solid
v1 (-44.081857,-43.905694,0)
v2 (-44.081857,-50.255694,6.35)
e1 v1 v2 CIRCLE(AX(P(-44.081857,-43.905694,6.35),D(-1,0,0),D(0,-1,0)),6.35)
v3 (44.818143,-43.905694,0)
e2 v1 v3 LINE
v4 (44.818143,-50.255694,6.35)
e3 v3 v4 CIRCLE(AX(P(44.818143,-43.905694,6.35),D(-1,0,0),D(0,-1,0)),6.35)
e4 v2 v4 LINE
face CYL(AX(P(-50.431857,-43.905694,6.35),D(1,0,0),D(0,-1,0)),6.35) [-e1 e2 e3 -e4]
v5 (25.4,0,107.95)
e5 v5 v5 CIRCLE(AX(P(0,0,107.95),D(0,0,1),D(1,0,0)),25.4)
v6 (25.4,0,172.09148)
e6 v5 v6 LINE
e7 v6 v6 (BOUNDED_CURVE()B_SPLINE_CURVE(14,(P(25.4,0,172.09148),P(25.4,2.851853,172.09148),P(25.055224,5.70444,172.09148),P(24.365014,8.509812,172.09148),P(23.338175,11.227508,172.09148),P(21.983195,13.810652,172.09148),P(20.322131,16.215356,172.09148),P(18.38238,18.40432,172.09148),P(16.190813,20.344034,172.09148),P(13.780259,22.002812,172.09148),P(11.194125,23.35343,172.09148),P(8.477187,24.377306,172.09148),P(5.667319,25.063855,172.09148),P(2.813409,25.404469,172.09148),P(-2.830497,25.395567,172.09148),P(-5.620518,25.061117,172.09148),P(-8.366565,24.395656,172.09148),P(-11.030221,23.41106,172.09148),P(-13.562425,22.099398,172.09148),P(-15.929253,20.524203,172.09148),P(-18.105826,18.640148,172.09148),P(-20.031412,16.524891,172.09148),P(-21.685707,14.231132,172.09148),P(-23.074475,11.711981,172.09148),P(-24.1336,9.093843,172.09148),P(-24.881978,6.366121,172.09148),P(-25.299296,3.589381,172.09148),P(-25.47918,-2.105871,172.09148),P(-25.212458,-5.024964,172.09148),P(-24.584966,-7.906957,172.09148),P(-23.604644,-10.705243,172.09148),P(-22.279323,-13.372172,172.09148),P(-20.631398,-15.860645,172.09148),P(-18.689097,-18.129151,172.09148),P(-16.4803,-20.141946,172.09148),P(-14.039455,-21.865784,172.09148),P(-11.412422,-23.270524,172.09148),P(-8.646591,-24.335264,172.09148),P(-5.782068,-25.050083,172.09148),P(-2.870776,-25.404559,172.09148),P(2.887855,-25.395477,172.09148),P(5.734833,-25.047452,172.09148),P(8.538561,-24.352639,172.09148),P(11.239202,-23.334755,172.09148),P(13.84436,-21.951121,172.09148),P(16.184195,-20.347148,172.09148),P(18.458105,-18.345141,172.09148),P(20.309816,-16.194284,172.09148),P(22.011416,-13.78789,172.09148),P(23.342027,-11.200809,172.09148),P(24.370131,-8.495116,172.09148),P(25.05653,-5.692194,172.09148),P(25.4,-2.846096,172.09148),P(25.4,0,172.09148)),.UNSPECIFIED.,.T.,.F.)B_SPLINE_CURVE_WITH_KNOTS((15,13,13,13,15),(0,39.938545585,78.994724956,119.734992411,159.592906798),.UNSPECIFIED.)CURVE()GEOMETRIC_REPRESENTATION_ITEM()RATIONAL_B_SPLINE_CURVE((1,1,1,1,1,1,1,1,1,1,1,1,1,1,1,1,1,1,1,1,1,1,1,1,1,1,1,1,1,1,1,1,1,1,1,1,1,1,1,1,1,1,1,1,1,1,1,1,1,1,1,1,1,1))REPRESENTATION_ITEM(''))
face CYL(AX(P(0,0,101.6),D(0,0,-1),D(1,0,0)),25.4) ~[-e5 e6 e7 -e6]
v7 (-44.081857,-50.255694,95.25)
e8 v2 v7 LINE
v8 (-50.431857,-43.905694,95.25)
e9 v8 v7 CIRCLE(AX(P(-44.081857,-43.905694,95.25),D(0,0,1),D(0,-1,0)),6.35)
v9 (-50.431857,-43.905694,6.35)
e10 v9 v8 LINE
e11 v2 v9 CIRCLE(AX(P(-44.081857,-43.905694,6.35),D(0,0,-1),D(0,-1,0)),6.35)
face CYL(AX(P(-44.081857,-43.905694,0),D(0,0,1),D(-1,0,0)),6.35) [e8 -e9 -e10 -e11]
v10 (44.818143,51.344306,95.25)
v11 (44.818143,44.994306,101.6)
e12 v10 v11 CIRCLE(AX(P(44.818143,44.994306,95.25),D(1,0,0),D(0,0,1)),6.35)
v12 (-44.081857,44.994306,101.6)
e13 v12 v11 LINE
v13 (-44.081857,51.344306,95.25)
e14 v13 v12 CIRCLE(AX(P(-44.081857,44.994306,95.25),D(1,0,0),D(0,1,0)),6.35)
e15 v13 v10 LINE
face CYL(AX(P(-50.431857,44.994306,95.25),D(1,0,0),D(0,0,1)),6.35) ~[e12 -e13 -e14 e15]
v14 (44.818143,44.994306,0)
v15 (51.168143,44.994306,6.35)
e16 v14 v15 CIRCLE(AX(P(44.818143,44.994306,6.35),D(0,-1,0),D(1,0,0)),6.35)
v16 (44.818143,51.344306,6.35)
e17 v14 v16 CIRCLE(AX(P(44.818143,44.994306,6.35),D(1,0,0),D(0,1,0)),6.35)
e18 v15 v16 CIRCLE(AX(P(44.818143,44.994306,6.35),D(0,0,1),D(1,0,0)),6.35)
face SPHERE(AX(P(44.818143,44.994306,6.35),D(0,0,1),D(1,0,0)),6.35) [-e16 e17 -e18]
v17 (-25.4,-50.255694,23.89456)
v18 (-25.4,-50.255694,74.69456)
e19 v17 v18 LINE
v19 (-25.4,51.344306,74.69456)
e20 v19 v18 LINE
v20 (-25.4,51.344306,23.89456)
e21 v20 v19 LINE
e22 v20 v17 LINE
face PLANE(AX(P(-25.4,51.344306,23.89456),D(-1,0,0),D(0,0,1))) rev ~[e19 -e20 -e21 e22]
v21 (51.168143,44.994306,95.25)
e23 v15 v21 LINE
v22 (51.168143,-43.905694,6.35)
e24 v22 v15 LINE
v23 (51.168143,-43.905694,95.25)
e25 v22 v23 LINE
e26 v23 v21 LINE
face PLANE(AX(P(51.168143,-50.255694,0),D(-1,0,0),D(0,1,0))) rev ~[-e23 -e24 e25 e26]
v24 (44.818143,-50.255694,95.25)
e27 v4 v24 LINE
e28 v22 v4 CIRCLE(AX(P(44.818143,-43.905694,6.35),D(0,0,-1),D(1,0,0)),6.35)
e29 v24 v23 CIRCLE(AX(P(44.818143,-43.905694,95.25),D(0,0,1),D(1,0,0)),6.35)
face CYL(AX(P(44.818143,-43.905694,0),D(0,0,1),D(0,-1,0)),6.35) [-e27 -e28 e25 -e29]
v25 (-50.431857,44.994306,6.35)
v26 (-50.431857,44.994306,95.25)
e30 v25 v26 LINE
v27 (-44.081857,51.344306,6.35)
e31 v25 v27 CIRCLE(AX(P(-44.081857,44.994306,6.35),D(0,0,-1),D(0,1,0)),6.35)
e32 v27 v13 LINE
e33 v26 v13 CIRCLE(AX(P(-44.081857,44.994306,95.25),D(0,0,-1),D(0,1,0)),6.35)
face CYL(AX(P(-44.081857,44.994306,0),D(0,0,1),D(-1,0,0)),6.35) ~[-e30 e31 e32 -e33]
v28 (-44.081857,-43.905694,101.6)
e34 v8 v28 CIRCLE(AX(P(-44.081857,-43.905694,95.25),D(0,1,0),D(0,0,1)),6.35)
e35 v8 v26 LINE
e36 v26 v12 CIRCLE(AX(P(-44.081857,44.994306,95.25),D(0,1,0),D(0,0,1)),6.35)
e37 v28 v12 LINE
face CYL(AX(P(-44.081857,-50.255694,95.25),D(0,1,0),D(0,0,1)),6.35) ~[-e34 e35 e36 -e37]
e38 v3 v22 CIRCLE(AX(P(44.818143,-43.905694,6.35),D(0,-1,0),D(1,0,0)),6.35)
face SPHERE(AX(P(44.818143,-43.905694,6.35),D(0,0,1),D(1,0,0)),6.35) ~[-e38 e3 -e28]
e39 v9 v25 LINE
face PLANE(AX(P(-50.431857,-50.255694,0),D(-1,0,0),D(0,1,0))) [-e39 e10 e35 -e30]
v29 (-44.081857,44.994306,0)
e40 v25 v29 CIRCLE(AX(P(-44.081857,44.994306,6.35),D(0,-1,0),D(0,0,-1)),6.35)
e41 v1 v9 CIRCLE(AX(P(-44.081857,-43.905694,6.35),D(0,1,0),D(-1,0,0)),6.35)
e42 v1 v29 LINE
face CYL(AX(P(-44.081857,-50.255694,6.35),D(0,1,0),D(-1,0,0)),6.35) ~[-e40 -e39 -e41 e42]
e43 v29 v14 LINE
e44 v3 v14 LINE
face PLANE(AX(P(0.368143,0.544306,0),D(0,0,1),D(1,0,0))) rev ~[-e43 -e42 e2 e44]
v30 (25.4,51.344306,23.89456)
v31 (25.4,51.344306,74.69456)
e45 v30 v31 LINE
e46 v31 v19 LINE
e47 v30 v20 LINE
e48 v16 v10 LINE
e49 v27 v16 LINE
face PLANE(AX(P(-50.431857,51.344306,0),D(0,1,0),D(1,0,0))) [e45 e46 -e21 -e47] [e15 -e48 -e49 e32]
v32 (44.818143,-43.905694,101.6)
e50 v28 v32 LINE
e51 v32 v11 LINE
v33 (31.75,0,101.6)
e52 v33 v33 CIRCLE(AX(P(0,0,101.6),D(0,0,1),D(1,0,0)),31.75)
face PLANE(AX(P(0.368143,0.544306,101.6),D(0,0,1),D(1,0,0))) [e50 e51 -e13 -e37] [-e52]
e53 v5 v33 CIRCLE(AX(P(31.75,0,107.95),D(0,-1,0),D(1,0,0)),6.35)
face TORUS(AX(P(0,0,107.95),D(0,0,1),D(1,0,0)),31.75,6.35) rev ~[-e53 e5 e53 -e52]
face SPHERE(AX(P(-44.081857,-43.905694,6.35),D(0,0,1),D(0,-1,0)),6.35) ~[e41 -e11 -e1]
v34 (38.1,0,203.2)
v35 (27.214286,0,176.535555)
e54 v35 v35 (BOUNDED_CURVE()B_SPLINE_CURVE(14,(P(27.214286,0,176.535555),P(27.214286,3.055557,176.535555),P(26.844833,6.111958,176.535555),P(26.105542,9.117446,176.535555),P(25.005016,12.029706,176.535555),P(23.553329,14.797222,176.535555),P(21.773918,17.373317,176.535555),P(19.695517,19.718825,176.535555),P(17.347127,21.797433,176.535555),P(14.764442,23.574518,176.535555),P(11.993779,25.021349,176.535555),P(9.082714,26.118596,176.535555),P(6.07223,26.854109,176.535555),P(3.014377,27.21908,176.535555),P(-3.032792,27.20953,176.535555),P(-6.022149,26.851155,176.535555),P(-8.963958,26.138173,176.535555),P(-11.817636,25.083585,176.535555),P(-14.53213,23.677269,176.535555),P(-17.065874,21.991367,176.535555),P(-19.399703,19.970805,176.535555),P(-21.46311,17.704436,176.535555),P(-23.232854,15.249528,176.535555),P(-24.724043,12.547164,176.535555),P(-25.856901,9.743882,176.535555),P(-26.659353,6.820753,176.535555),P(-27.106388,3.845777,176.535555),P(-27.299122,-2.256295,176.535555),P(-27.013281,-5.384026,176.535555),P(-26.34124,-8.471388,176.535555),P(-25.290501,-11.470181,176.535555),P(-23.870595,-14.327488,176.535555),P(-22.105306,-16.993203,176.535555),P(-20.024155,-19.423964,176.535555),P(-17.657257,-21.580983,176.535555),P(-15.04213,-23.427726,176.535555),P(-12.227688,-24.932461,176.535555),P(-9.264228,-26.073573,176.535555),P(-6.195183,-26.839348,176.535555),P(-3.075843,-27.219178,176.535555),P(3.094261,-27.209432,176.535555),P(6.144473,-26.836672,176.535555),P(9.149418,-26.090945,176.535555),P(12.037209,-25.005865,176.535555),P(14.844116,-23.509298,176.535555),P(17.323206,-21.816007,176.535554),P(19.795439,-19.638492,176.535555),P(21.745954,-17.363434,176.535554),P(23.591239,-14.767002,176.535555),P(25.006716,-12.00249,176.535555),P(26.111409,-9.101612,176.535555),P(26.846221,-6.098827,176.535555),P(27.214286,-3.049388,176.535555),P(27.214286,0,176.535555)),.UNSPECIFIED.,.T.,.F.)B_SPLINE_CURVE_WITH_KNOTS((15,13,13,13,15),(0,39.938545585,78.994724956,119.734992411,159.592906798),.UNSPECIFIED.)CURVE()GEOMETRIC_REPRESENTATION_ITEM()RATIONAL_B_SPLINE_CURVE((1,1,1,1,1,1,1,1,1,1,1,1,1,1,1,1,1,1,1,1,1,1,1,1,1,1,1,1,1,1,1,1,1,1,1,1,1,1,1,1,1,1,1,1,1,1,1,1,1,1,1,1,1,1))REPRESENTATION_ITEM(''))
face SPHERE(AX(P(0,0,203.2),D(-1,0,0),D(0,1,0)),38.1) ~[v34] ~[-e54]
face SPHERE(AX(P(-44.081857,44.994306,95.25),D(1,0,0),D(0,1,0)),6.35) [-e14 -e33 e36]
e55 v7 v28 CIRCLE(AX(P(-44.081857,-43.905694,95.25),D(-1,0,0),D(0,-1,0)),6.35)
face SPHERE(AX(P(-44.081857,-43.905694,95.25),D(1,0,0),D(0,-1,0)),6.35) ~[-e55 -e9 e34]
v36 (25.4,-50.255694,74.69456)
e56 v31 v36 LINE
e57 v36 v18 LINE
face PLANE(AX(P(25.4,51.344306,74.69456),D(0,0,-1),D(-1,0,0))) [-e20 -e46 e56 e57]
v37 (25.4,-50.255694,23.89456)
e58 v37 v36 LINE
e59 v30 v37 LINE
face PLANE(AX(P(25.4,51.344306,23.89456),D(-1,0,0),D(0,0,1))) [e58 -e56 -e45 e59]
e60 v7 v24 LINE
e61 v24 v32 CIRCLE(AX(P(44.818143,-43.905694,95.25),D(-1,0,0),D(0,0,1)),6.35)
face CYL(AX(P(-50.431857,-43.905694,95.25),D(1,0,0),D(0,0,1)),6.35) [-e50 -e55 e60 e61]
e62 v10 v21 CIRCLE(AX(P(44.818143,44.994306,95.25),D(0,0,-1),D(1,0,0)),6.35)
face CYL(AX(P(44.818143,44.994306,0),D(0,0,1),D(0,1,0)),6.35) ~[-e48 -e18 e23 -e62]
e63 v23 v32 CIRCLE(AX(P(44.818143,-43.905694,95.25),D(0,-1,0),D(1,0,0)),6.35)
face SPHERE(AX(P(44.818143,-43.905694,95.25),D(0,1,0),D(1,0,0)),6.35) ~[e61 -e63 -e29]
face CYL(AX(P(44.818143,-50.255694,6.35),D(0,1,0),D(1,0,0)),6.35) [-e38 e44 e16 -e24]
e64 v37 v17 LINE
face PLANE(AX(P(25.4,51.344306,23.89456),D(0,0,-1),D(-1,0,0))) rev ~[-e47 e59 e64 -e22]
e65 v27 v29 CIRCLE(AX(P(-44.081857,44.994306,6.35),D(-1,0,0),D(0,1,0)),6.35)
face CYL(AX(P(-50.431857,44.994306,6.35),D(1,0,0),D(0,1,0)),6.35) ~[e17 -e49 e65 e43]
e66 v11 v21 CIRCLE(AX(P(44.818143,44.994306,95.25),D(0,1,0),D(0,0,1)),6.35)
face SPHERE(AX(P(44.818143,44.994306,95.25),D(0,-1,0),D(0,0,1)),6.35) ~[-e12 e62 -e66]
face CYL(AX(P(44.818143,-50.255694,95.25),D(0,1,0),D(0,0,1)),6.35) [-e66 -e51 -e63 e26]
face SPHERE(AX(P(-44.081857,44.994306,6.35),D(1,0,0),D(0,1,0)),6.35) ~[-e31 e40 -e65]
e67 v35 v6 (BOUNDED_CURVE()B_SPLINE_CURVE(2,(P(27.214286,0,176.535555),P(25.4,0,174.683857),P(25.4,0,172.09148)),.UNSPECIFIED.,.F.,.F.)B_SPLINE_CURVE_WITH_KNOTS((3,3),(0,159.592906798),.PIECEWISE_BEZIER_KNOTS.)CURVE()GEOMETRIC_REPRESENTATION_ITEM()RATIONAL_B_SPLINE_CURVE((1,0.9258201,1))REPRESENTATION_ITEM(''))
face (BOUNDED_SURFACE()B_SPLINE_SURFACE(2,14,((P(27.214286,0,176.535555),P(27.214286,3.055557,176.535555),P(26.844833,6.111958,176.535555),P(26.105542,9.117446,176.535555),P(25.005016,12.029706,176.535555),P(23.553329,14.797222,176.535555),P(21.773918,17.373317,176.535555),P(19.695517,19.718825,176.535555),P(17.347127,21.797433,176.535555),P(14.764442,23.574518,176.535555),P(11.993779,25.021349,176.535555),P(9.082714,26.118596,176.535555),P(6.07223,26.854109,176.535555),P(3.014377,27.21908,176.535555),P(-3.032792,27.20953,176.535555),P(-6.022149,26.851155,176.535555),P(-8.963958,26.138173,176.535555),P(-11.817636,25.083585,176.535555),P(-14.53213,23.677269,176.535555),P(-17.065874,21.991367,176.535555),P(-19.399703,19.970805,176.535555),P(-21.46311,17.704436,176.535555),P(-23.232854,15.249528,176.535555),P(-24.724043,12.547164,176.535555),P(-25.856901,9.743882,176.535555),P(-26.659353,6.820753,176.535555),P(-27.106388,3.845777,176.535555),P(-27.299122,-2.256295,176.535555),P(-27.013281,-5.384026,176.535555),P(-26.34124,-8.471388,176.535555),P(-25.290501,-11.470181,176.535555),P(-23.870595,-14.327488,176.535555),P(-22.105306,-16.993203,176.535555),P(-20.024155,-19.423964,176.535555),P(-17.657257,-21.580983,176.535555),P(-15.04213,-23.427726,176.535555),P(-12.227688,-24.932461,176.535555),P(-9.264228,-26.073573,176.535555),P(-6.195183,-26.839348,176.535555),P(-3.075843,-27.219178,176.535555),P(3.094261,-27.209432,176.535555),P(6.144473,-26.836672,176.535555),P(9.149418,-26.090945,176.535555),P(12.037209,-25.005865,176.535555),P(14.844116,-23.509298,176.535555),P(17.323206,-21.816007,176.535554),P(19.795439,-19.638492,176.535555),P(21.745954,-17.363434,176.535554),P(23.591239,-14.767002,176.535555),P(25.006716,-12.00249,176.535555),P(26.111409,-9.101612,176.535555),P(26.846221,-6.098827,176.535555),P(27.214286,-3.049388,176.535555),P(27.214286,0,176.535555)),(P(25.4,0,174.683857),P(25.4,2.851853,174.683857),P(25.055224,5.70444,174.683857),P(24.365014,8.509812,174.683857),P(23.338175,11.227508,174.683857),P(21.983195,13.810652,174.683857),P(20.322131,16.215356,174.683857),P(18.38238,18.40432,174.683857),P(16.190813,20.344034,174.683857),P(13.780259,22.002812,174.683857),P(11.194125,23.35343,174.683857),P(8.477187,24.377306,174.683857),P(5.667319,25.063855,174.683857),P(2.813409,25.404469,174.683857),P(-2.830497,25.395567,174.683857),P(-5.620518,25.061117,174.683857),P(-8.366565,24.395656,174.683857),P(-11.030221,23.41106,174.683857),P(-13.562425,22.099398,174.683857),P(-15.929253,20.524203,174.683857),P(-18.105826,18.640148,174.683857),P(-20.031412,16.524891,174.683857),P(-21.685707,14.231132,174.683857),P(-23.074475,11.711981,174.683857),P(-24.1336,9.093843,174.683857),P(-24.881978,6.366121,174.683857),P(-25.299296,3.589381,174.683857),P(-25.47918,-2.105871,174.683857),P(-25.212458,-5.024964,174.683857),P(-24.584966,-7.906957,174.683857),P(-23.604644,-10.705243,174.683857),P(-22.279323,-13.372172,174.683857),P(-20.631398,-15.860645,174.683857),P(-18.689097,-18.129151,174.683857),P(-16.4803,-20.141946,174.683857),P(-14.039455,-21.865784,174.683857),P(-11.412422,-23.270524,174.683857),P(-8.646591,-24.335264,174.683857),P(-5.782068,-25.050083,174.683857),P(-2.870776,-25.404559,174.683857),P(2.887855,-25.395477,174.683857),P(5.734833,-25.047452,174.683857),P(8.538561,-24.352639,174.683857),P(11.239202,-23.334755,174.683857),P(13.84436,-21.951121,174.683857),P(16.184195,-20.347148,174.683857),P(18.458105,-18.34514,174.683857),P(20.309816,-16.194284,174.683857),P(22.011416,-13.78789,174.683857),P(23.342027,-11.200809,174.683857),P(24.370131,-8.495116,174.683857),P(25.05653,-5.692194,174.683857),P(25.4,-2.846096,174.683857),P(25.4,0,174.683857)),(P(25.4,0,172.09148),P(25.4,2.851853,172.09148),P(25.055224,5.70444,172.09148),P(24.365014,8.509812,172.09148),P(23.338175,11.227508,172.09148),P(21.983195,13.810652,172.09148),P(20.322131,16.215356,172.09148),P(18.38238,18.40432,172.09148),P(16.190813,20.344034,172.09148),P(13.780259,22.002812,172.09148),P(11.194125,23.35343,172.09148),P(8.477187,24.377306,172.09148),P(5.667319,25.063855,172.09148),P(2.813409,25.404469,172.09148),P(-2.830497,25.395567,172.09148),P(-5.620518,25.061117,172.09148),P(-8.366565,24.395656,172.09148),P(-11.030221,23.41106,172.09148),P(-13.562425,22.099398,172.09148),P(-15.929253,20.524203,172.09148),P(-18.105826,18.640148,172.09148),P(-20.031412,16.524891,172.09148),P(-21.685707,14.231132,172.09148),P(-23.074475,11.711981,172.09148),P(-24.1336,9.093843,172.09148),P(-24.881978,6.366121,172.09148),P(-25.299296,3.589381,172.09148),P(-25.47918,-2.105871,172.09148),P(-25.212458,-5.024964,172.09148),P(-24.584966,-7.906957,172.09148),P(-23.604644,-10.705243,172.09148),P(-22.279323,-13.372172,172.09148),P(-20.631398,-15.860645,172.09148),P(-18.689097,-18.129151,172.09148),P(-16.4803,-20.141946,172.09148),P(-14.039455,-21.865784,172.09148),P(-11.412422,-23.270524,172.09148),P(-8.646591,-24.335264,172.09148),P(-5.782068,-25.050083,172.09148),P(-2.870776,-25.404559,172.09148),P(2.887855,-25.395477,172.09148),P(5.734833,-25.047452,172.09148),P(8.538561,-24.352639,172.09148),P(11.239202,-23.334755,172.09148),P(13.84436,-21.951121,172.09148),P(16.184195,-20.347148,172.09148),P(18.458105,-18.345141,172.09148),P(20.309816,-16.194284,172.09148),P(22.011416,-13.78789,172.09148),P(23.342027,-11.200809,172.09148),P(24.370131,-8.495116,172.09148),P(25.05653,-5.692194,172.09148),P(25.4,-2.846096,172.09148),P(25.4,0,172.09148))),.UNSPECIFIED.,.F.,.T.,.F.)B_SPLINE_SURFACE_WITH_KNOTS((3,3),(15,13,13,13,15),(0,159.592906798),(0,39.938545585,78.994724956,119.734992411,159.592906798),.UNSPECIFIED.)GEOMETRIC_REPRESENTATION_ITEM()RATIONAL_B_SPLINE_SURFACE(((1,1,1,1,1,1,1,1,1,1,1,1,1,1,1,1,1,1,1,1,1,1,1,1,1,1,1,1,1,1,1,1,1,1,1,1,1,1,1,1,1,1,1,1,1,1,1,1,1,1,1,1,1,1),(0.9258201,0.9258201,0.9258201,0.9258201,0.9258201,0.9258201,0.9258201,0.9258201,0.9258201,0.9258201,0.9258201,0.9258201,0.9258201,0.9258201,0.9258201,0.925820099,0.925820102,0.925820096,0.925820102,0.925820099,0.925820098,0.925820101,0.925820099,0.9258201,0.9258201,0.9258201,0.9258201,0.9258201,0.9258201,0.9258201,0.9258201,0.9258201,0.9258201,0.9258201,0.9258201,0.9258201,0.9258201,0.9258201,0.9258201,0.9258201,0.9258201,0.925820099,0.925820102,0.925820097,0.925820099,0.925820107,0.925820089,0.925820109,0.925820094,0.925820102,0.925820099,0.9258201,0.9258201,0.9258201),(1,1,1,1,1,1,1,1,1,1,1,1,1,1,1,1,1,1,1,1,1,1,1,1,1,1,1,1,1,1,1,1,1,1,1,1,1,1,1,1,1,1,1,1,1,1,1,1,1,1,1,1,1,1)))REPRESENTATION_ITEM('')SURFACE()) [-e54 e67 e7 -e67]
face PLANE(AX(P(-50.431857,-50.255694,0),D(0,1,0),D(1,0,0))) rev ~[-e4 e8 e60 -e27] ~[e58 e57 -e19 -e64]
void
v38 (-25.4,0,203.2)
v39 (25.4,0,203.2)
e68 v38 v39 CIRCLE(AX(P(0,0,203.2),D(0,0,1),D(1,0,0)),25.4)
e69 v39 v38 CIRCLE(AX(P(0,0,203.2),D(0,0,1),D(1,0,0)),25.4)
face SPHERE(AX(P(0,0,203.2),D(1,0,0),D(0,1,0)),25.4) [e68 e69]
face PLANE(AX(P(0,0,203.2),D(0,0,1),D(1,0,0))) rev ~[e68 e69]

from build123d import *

# Parameters (mm, degrees)
F0_W     = 101.6
F0_H     = 101.6
F1_DEPTH = 101.6
F2_R     = 25.4
F3_DEPTH = 101.6
F6_W     = 50.8
F6_H     = 50.8
F7_DEPTH = 101.6
F8_R     = 6.35


with BuildPart() as f1:
    # F0 (on Top) → F1 (new body)
    with BuildSketch(Plane.XY):
        with Locations((0.3681425005, 0.5443057779)):
            Rectangle(F0_W, F0_H)
    extrude(amount=F1_DEPTH)

    # F2 (on face) → F3 (join)
    with BuildSketch(Plane.XY.offset(101.6)):
        Circle(F2_R)
    extrude(amount=F3_DEPTH)

    # F4 (on face) → F5 (revolve)
    with BuildSketch(Plane.XY.offset(203.2)):
        with BuildLine():
            Line((25.4, 0), (38.1, 0))
            ThreePointArc((38.1, 0), (0, 38.1), (-38.1, 0))
            Line((-38.1, 0), (-25.4, 0))
            ThreePointArc((-25.4, 0), (0, 25.4), (25.4, 0))
        make_face()
    revolve(axis=Axis((0, 0, 203.2), (1, 0, 0)))

    # F6 (on face) → F7 (cut)
    with BuildSketch(Plane(origin=(0, 51.3443057779, 0), x_dir=(-1, 0, 0), z_dir=(0, 1, 0))):
        with Locations((0, 49.2945600852)):
            Rectangle(F6_W, F6_H)
    extrude(amount=-F7_DEPTH, mode=Mode.SUBTRACT)

    # F8
    f8_edges = [f1.edges().sort_by_distance(p)[0] for p in [
        (51.168143, 0.544306, 101.6),
        (0.368143, 51.344306, 101.6),
        (51.168143, -50.255694, 50.8),
        (51.168143, 51.344306, 50.8),
        (51.168143, 0.544306, 0),
        (0.368143, 51.344306, 0),
        (-50.431857, 51.344306, 50.8),
        (-25.4, 0, 174.801937),
        (-25.4, 0, 101.6),
        (0.368143, -50.255694, 101.6),
        (-50.431857, -50.255694, 50.8),
        (0.368143, -50.255694, 0),
        (-50.431857, 0.544306, 101.6),
        (-50.431857, 0.544306, 0),
    ]]
    fillet(f8_edges, radius=F8_R)


solid = f1.part
